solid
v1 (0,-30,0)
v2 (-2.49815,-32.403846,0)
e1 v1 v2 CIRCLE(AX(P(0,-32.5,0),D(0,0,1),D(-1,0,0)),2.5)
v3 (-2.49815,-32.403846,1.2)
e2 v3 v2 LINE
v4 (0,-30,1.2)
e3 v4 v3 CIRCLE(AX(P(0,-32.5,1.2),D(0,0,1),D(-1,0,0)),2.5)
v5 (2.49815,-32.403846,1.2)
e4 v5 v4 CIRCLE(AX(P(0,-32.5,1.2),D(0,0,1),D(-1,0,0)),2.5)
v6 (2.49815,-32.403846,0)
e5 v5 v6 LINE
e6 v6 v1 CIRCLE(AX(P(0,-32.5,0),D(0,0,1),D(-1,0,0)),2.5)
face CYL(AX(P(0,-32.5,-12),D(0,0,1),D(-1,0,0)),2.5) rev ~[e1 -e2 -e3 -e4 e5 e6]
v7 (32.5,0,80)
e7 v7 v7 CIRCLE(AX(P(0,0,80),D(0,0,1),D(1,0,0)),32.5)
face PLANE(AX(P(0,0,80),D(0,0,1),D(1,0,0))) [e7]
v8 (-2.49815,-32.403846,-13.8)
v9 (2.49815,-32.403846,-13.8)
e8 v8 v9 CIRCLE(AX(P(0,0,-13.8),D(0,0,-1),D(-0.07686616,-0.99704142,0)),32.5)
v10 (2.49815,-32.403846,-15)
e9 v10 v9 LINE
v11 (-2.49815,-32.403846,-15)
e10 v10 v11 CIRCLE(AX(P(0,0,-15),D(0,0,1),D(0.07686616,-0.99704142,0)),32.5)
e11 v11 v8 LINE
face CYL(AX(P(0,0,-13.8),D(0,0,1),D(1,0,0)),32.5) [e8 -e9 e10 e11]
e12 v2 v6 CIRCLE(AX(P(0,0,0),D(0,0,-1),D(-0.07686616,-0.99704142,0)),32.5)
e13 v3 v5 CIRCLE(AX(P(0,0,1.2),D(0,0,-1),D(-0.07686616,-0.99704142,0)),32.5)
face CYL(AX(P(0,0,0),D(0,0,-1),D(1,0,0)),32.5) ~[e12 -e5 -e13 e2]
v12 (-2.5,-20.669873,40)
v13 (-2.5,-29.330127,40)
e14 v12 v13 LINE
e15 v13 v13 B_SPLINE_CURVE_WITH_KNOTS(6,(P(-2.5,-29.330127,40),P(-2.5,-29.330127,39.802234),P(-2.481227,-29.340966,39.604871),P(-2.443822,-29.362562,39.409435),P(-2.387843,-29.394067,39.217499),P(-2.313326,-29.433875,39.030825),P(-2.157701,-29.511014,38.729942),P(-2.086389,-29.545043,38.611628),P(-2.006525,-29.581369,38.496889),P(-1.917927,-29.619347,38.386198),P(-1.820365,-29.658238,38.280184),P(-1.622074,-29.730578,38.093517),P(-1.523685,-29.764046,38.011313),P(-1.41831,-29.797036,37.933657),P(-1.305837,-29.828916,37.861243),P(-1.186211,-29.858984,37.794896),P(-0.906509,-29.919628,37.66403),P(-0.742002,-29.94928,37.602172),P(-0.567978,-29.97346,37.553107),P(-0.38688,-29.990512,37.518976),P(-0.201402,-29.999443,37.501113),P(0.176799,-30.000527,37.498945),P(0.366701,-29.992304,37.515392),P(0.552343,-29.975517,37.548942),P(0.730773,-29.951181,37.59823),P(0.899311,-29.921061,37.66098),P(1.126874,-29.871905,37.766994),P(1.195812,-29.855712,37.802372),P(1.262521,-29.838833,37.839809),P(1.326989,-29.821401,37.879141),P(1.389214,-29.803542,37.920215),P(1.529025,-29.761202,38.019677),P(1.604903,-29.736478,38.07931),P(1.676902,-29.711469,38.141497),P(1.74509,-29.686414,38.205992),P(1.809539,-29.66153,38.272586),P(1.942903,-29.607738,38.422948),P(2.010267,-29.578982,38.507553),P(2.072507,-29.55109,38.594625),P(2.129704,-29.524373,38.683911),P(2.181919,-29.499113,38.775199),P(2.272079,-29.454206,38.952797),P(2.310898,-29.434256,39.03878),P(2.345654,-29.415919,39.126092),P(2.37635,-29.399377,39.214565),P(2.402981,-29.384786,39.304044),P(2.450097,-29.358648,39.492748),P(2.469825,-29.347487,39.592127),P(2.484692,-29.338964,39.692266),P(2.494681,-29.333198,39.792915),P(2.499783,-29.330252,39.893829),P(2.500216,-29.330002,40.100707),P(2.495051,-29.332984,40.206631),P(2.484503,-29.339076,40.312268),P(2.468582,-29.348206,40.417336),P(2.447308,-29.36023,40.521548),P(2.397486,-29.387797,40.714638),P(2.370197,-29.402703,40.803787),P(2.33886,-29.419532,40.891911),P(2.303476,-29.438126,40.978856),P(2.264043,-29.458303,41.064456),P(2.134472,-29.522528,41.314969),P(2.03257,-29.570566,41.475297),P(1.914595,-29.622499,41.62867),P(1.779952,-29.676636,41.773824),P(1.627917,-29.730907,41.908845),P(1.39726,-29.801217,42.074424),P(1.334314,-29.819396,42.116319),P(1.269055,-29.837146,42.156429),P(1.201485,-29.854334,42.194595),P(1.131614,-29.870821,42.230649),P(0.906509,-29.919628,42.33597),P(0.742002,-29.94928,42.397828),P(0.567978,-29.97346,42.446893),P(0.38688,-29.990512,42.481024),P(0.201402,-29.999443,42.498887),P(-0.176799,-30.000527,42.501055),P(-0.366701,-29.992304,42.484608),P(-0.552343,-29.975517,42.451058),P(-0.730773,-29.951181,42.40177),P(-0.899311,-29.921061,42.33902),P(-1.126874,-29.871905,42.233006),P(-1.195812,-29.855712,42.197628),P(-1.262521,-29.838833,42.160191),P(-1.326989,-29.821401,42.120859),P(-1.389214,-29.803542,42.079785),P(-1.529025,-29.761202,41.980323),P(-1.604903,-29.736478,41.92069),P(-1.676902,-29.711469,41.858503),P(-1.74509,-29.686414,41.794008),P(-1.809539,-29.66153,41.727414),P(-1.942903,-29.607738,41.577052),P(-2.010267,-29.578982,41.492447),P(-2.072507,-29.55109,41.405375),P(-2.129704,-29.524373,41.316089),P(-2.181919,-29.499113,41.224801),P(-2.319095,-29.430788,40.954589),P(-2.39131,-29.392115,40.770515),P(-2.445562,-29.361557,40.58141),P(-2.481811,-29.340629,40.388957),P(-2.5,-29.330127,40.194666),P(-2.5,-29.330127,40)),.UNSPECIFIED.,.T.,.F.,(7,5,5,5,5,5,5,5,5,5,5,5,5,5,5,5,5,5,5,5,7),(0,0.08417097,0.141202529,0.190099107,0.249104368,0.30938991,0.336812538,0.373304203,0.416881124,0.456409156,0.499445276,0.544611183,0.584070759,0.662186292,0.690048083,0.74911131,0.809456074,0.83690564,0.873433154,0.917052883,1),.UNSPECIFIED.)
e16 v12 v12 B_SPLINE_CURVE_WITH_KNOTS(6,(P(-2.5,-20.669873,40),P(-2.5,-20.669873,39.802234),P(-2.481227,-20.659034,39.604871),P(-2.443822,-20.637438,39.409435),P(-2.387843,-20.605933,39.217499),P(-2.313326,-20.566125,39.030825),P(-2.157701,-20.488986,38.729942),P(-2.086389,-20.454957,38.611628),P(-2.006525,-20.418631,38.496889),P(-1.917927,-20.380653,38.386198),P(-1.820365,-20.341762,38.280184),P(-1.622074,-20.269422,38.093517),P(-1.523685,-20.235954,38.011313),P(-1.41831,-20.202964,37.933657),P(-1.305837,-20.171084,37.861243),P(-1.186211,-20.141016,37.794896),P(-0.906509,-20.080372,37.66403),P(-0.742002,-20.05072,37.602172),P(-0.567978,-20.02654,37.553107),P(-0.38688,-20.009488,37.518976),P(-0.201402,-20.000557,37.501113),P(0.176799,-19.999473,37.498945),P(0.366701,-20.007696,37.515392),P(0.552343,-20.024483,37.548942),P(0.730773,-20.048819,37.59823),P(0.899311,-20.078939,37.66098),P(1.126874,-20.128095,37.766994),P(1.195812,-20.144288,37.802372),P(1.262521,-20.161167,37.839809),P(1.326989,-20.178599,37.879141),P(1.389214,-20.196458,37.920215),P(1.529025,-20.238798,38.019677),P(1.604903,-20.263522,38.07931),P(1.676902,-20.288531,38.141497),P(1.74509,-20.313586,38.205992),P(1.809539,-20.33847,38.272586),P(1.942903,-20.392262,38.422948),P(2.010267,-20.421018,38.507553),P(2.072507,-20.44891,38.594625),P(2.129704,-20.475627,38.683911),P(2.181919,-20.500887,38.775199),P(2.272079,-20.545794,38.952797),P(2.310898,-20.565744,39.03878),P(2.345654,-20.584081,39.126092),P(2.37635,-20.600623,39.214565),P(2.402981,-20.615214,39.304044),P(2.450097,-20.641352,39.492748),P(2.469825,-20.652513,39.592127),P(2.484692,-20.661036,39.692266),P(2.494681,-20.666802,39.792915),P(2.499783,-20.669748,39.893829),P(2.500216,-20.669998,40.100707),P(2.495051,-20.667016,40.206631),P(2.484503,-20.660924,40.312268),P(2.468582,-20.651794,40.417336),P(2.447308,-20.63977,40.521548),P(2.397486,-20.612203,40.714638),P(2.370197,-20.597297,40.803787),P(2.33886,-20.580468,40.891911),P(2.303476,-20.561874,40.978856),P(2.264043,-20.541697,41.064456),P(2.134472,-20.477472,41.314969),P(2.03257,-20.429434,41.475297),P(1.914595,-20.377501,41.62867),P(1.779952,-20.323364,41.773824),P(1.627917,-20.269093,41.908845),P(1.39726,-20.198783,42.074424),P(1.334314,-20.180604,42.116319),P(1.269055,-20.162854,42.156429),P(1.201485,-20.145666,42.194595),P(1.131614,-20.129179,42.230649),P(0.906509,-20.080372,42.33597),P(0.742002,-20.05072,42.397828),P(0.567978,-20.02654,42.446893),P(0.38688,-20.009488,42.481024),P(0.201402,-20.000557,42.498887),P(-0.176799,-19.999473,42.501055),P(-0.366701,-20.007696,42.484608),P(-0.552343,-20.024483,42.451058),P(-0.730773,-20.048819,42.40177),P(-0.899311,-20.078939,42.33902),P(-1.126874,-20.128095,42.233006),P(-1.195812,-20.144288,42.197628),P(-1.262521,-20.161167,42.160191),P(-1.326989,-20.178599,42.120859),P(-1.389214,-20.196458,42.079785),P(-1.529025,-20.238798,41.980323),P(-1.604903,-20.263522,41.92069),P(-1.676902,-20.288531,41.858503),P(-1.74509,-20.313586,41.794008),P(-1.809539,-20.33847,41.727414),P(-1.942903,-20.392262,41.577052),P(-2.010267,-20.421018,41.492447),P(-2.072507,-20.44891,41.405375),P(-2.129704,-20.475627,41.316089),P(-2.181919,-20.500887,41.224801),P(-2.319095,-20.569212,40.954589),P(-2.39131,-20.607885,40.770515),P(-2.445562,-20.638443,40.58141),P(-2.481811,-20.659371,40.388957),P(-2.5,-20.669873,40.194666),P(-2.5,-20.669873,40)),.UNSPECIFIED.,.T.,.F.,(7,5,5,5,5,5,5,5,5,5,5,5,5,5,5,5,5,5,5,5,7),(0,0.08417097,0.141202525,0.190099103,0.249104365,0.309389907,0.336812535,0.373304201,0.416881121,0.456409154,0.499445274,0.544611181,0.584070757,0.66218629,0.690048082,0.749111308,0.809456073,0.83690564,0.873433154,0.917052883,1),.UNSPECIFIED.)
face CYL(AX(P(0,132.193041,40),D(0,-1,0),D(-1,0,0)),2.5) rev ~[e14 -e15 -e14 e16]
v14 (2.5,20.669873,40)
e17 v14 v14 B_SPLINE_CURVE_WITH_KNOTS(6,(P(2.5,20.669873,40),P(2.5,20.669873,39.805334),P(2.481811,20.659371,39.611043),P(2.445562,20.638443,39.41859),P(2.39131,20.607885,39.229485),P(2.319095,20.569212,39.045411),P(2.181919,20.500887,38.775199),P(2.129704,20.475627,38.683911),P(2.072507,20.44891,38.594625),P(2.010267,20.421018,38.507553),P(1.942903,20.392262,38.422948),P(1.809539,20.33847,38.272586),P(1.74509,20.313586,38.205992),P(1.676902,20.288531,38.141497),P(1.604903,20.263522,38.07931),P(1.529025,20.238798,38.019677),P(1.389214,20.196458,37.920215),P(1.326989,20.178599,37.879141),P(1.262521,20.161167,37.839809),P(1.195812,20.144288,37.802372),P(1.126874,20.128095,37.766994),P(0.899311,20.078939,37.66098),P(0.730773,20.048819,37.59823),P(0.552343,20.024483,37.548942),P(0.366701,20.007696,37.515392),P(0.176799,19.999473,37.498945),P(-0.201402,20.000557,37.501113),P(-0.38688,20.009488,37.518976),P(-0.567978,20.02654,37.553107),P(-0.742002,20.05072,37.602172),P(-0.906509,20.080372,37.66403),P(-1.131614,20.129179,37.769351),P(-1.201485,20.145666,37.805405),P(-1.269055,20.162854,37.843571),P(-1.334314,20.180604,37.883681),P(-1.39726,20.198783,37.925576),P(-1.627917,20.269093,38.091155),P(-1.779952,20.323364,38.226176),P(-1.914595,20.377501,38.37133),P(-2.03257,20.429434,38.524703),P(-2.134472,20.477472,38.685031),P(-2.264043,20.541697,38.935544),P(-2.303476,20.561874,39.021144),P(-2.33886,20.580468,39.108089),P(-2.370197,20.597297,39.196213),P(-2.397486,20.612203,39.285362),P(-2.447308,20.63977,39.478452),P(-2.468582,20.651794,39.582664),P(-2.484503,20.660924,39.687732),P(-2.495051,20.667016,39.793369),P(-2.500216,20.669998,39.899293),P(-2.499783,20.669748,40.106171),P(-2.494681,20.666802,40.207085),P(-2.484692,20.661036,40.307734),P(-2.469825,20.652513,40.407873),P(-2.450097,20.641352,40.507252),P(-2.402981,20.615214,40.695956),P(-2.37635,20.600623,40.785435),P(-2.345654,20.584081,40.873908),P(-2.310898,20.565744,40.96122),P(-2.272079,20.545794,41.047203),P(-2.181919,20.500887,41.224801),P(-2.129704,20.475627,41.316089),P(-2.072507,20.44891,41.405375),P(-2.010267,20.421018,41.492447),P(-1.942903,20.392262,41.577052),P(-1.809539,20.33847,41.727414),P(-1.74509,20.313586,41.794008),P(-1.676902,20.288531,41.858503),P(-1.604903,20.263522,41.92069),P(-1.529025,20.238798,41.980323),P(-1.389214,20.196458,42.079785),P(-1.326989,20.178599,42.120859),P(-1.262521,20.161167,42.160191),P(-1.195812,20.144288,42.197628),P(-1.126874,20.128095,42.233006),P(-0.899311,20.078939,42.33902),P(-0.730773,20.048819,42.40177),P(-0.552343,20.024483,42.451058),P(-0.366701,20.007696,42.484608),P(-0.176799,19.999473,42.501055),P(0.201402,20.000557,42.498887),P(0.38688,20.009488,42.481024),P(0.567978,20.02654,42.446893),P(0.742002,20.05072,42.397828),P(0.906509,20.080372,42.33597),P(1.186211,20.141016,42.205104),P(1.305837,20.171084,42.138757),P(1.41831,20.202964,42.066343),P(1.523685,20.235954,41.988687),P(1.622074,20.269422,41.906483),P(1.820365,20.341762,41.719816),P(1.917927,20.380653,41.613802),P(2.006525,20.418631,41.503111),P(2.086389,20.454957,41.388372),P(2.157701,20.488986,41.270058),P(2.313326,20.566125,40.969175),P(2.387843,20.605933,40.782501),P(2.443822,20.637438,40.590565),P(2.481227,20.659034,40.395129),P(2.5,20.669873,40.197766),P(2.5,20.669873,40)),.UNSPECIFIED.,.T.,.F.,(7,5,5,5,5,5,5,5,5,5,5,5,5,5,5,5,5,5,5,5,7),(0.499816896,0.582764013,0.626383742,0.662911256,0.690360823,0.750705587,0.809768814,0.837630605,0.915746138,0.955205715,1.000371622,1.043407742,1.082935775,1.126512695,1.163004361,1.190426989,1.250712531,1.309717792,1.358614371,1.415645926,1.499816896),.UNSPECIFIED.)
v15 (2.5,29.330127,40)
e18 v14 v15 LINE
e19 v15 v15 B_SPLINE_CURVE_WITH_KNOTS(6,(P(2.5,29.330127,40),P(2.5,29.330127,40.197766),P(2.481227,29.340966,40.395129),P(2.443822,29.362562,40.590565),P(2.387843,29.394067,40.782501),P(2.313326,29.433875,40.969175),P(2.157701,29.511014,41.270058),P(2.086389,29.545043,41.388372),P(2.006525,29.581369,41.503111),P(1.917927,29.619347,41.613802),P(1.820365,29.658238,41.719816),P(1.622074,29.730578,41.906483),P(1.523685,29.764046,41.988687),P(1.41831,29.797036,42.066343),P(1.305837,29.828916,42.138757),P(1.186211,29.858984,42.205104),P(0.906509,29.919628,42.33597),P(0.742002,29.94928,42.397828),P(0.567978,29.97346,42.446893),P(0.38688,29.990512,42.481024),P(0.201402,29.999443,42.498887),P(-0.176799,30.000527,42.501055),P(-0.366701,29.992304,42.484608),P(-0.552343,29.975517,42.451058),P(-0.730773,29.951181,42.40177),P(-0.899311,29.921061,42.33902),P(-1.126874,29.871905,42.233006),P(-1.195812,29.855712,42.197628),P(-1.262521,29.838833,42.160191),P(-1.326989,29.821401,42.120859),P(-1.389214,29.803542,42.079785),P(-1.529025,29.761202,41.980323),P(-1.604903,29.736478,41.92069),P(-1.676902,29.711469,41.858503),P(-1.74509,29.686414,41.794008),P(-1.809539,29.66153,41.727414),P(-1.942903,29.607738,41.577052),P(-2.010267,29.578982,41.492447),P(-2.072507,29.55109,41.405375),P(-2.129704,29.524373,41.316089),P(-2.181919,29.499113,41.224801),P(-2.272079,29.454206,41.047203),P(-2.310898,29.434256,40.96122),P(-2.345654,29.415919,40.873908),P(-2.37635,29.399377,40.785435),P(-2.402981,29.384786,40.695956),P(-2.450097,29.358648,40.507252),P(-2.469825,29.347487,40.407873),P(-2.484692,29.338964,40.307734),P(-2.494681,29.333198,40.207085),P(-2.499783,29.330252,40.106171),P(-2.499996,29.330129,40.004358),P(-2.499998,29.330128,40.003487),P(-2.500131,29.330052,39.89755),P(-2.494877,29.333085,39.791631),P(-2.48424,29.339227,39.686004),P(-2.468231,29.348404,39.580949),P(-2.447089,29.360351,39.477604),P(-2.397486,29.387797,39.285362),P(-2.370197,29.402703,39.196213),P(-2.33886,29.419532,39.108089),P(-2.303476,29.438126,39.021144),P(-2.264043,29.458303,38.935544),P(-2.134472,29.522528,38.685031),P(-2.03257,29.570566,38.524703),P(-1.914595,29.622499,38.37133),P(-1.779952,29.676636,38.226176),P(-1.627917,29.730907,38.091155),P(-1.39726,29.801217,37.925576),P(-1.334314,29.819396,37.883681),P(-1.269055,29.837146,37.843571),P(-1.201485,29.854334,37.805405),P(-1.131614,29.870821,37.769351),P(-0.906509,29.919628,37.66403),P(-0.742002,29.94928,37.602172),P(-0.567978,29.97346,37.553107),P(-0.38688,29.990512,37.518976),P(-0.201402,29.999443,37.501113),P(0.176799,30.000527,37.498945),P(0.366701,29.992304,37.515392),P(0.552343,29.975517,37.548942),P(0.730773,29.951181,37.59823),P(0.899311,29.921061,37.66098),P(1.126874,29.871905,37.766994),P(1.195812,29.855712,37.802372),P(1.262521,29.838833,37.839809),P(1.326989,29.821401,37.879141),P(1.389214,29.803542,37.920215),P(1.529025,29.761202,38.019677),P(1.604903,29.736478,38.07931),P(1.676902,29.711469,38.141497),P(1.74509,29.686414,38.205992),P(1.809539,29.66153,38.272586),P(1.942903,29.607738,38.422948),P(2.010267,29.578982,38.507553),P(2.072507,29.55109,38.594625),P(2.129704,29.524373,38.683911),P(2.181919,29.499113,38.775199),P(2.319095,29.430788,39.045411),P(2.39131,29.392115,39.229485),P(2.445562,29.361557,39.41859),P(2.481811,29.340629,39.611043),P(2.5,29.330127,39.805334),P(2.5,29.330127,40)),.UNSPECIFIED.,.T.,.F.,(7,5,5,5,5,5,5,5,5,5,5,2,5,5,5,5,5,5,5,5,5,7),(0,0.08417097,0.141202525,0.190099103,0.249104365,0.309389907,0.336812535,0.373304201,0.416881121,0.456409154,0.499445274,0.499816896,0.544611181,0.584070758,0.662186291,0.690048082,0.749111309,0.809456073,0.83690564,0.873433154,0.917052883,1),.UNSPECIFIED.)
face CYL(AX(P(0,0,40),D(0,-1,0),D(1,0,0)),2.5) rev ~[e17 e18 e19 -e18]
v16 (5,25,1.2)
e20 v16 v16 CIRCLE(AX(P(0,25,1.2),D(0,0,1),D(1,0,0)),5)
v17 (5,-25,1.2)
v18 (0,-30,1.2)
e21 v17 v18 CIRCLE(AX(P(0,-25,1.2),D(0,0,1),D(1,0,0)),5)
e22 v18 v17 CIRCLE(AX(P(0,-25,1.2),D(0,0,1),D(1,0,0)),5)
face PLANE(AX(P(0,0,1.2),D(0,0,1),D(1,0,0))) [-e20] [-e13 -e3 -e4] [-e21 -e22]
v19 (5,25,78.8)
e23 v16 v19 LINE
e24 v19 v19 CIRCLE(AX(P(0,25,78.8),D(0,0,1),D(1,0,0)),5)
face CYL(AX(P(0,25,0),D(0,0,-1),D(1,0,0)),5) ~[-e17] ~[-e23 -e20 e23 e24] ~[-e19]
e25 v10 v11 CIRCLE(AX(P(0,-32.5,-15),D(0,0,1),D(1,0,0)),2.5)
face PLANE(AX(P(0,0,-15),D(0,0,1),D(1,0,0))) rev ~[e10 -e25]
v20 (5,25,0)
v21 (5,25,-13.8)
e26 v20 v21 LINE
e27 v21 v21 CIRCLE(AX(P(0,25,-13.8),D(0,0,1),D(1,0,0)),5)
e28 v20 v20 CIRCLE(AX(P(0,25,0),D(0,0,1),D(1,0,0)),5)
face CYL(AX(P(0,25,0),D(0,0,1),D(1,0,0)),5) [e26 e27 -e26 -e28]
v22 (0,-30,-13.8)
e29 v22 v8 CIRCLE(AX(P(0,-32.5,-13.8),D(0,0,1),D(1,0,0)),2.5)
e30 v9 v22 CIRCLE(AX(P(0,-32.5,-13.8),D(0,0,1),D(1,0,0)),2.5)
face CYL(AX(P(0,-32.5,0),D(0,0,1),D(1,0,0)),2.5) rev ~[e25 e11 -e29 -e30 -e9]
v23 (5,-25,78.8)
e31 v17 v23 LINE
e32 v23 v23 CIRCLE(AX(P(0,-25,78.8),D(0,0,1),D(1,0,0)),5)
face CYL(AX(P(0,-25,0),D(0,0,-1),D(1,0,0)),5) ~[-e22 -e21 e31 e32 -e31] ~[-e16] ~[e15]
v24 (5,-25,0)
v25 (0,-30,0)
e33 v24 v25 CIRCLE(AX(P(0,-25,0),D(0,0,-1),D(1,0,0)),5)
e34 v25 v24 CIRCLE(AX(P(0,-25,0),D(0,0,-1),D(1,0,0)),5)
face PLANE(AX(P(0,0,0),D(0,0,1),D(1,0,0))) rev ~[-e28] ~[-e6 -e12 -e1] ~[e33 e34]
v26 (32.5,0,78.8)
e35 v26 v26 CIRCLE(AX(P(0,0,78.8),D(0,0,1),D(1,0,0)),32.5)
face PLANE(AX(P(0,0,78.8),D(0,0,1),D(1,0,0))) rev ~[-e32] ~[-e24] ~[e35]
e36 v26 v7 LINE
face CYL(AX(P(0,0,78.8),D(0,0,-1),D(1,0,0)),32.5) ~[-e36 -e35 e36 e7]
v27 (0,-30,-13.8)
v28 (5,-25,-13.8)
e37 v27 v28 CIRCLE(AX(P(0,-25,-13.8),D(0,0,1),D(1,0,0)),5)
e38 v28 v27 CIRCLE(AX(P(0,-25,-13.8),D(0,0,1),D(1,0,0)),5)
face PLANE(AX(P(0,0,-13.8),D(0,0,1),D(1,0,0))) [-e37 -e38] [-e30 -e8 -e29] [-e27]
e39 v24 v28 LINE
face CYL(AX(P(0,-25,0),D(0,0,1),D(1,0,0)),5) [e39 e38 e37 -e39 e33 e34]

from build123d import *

# Parameters (mm, degrees)
F1_START      = 78.8
F0_R          = 32.5
F0_R_2        = 5
F1_DEPTH      = 1.2
F2_DEPTH      = 80
F2_DEPTH_BACK = 15
F3_DEPTH      = 1.2
F4_START      = -13.8
F4_DEPTH      = 1.2
F5_D          = 5
F5_DEPTH      = 15.001
F6_D          = 5
F6_DEPTH      = 12
F6_TIP        = 1.5021515476
F8_D          = 5
F8_DEPTH      = 32.501
F9_D          = 5


with BuildPart() as f1:
    # F0 (on Top) → F1 (new body)
    with BuildSketch(Plane.XY.offset(F1_START)):
        Circle(F0_R)
        with Locations((0, -25)):
            Circle(F0_R_2, mode=Mode.SUBTRACT)
        with Locations((0, 25)):
            Circle(F0_R_2, mode=Mode.SUBTRACT)
    extrude(amount=F1_DEPTH)

    # F0 (on Top) → F2 (join, two sides)
    with BuildSketch(Plane.XY) as f2_sk:
        with Locations((0, 25)):
            Circle(F0_R_2)
        with Locations((0, -25)):
            Circle(F0_R_2)
    extrude(amount=F2_DEPTH)
    extrude(f2_sk.sketch, amount=-F2_DEPTH_BACK)

    # F0 (on Top) → F3 (join)
    with BuildSketch(Plane.XY):
        Circle(F0_R)
        with Locations((0, -25)):
            Circle(F0_R_2, mode=Mode.SUBTRACT)
        with Locations((0, 25)):
            Circle(F0_R_2, mode=Mode.SUBTRACT)
    extrude(amount=F3_DEPTH)

    # F0 (on Top) → F4 (join)
    with BuildSketch(Plane.XY.offset(F4_START)):
        Circle(F0_R)
        with Locations((0, -25)):
            Circle(F0_R_2, mode=Mode.SUBTRACT)
        with Locations((0, 25)):
            Circle(F0_R_2, mode=Mode.SUBTRACT)
    extrude(amount=-F4_DEPTH)

    # F5 (through all, one way)
    with BuildSketch(Plane.XY):
        with Locations((0, -32.5)):
            Circle(F5_D / 2)
    extrude(amount=-F5_DEPTH, mode=Mode.SUBTRACT)

    # F6
    with Locations(Plane(origin=(0, 0, 0), x_dir=(1, 0, 0), z_dir=(0, 0, -1))):
        with Locations((0, 32.5)):
            Hole(F6_D / 2, depth=F6_DEPTH)
            with Locations((0, 0, -(F6_DEPTH + F6_TIP / 2))):  # 118° drill point
                Cone(0, F6_D / 2, F6_TIP, mode=Mode.SUBTRACT)

    # F8 (through all, one way)
    with BuildSketch(Plane.XZ):
        with Locations((0, 40)):
            Circle(F8_D / 2)
    extrude(amount=-F8_DEPTH, mode=Mode.SUBTRACT)

    # F9 (through all)
    with Locations(Plane(origin=(0, 0, 0), x_dir=(1, 0, 0), z_dir=(0, 1, 0))):
        with Locations((0, -40)):
            Hole(F9_D / 2)


solid = f1.part
